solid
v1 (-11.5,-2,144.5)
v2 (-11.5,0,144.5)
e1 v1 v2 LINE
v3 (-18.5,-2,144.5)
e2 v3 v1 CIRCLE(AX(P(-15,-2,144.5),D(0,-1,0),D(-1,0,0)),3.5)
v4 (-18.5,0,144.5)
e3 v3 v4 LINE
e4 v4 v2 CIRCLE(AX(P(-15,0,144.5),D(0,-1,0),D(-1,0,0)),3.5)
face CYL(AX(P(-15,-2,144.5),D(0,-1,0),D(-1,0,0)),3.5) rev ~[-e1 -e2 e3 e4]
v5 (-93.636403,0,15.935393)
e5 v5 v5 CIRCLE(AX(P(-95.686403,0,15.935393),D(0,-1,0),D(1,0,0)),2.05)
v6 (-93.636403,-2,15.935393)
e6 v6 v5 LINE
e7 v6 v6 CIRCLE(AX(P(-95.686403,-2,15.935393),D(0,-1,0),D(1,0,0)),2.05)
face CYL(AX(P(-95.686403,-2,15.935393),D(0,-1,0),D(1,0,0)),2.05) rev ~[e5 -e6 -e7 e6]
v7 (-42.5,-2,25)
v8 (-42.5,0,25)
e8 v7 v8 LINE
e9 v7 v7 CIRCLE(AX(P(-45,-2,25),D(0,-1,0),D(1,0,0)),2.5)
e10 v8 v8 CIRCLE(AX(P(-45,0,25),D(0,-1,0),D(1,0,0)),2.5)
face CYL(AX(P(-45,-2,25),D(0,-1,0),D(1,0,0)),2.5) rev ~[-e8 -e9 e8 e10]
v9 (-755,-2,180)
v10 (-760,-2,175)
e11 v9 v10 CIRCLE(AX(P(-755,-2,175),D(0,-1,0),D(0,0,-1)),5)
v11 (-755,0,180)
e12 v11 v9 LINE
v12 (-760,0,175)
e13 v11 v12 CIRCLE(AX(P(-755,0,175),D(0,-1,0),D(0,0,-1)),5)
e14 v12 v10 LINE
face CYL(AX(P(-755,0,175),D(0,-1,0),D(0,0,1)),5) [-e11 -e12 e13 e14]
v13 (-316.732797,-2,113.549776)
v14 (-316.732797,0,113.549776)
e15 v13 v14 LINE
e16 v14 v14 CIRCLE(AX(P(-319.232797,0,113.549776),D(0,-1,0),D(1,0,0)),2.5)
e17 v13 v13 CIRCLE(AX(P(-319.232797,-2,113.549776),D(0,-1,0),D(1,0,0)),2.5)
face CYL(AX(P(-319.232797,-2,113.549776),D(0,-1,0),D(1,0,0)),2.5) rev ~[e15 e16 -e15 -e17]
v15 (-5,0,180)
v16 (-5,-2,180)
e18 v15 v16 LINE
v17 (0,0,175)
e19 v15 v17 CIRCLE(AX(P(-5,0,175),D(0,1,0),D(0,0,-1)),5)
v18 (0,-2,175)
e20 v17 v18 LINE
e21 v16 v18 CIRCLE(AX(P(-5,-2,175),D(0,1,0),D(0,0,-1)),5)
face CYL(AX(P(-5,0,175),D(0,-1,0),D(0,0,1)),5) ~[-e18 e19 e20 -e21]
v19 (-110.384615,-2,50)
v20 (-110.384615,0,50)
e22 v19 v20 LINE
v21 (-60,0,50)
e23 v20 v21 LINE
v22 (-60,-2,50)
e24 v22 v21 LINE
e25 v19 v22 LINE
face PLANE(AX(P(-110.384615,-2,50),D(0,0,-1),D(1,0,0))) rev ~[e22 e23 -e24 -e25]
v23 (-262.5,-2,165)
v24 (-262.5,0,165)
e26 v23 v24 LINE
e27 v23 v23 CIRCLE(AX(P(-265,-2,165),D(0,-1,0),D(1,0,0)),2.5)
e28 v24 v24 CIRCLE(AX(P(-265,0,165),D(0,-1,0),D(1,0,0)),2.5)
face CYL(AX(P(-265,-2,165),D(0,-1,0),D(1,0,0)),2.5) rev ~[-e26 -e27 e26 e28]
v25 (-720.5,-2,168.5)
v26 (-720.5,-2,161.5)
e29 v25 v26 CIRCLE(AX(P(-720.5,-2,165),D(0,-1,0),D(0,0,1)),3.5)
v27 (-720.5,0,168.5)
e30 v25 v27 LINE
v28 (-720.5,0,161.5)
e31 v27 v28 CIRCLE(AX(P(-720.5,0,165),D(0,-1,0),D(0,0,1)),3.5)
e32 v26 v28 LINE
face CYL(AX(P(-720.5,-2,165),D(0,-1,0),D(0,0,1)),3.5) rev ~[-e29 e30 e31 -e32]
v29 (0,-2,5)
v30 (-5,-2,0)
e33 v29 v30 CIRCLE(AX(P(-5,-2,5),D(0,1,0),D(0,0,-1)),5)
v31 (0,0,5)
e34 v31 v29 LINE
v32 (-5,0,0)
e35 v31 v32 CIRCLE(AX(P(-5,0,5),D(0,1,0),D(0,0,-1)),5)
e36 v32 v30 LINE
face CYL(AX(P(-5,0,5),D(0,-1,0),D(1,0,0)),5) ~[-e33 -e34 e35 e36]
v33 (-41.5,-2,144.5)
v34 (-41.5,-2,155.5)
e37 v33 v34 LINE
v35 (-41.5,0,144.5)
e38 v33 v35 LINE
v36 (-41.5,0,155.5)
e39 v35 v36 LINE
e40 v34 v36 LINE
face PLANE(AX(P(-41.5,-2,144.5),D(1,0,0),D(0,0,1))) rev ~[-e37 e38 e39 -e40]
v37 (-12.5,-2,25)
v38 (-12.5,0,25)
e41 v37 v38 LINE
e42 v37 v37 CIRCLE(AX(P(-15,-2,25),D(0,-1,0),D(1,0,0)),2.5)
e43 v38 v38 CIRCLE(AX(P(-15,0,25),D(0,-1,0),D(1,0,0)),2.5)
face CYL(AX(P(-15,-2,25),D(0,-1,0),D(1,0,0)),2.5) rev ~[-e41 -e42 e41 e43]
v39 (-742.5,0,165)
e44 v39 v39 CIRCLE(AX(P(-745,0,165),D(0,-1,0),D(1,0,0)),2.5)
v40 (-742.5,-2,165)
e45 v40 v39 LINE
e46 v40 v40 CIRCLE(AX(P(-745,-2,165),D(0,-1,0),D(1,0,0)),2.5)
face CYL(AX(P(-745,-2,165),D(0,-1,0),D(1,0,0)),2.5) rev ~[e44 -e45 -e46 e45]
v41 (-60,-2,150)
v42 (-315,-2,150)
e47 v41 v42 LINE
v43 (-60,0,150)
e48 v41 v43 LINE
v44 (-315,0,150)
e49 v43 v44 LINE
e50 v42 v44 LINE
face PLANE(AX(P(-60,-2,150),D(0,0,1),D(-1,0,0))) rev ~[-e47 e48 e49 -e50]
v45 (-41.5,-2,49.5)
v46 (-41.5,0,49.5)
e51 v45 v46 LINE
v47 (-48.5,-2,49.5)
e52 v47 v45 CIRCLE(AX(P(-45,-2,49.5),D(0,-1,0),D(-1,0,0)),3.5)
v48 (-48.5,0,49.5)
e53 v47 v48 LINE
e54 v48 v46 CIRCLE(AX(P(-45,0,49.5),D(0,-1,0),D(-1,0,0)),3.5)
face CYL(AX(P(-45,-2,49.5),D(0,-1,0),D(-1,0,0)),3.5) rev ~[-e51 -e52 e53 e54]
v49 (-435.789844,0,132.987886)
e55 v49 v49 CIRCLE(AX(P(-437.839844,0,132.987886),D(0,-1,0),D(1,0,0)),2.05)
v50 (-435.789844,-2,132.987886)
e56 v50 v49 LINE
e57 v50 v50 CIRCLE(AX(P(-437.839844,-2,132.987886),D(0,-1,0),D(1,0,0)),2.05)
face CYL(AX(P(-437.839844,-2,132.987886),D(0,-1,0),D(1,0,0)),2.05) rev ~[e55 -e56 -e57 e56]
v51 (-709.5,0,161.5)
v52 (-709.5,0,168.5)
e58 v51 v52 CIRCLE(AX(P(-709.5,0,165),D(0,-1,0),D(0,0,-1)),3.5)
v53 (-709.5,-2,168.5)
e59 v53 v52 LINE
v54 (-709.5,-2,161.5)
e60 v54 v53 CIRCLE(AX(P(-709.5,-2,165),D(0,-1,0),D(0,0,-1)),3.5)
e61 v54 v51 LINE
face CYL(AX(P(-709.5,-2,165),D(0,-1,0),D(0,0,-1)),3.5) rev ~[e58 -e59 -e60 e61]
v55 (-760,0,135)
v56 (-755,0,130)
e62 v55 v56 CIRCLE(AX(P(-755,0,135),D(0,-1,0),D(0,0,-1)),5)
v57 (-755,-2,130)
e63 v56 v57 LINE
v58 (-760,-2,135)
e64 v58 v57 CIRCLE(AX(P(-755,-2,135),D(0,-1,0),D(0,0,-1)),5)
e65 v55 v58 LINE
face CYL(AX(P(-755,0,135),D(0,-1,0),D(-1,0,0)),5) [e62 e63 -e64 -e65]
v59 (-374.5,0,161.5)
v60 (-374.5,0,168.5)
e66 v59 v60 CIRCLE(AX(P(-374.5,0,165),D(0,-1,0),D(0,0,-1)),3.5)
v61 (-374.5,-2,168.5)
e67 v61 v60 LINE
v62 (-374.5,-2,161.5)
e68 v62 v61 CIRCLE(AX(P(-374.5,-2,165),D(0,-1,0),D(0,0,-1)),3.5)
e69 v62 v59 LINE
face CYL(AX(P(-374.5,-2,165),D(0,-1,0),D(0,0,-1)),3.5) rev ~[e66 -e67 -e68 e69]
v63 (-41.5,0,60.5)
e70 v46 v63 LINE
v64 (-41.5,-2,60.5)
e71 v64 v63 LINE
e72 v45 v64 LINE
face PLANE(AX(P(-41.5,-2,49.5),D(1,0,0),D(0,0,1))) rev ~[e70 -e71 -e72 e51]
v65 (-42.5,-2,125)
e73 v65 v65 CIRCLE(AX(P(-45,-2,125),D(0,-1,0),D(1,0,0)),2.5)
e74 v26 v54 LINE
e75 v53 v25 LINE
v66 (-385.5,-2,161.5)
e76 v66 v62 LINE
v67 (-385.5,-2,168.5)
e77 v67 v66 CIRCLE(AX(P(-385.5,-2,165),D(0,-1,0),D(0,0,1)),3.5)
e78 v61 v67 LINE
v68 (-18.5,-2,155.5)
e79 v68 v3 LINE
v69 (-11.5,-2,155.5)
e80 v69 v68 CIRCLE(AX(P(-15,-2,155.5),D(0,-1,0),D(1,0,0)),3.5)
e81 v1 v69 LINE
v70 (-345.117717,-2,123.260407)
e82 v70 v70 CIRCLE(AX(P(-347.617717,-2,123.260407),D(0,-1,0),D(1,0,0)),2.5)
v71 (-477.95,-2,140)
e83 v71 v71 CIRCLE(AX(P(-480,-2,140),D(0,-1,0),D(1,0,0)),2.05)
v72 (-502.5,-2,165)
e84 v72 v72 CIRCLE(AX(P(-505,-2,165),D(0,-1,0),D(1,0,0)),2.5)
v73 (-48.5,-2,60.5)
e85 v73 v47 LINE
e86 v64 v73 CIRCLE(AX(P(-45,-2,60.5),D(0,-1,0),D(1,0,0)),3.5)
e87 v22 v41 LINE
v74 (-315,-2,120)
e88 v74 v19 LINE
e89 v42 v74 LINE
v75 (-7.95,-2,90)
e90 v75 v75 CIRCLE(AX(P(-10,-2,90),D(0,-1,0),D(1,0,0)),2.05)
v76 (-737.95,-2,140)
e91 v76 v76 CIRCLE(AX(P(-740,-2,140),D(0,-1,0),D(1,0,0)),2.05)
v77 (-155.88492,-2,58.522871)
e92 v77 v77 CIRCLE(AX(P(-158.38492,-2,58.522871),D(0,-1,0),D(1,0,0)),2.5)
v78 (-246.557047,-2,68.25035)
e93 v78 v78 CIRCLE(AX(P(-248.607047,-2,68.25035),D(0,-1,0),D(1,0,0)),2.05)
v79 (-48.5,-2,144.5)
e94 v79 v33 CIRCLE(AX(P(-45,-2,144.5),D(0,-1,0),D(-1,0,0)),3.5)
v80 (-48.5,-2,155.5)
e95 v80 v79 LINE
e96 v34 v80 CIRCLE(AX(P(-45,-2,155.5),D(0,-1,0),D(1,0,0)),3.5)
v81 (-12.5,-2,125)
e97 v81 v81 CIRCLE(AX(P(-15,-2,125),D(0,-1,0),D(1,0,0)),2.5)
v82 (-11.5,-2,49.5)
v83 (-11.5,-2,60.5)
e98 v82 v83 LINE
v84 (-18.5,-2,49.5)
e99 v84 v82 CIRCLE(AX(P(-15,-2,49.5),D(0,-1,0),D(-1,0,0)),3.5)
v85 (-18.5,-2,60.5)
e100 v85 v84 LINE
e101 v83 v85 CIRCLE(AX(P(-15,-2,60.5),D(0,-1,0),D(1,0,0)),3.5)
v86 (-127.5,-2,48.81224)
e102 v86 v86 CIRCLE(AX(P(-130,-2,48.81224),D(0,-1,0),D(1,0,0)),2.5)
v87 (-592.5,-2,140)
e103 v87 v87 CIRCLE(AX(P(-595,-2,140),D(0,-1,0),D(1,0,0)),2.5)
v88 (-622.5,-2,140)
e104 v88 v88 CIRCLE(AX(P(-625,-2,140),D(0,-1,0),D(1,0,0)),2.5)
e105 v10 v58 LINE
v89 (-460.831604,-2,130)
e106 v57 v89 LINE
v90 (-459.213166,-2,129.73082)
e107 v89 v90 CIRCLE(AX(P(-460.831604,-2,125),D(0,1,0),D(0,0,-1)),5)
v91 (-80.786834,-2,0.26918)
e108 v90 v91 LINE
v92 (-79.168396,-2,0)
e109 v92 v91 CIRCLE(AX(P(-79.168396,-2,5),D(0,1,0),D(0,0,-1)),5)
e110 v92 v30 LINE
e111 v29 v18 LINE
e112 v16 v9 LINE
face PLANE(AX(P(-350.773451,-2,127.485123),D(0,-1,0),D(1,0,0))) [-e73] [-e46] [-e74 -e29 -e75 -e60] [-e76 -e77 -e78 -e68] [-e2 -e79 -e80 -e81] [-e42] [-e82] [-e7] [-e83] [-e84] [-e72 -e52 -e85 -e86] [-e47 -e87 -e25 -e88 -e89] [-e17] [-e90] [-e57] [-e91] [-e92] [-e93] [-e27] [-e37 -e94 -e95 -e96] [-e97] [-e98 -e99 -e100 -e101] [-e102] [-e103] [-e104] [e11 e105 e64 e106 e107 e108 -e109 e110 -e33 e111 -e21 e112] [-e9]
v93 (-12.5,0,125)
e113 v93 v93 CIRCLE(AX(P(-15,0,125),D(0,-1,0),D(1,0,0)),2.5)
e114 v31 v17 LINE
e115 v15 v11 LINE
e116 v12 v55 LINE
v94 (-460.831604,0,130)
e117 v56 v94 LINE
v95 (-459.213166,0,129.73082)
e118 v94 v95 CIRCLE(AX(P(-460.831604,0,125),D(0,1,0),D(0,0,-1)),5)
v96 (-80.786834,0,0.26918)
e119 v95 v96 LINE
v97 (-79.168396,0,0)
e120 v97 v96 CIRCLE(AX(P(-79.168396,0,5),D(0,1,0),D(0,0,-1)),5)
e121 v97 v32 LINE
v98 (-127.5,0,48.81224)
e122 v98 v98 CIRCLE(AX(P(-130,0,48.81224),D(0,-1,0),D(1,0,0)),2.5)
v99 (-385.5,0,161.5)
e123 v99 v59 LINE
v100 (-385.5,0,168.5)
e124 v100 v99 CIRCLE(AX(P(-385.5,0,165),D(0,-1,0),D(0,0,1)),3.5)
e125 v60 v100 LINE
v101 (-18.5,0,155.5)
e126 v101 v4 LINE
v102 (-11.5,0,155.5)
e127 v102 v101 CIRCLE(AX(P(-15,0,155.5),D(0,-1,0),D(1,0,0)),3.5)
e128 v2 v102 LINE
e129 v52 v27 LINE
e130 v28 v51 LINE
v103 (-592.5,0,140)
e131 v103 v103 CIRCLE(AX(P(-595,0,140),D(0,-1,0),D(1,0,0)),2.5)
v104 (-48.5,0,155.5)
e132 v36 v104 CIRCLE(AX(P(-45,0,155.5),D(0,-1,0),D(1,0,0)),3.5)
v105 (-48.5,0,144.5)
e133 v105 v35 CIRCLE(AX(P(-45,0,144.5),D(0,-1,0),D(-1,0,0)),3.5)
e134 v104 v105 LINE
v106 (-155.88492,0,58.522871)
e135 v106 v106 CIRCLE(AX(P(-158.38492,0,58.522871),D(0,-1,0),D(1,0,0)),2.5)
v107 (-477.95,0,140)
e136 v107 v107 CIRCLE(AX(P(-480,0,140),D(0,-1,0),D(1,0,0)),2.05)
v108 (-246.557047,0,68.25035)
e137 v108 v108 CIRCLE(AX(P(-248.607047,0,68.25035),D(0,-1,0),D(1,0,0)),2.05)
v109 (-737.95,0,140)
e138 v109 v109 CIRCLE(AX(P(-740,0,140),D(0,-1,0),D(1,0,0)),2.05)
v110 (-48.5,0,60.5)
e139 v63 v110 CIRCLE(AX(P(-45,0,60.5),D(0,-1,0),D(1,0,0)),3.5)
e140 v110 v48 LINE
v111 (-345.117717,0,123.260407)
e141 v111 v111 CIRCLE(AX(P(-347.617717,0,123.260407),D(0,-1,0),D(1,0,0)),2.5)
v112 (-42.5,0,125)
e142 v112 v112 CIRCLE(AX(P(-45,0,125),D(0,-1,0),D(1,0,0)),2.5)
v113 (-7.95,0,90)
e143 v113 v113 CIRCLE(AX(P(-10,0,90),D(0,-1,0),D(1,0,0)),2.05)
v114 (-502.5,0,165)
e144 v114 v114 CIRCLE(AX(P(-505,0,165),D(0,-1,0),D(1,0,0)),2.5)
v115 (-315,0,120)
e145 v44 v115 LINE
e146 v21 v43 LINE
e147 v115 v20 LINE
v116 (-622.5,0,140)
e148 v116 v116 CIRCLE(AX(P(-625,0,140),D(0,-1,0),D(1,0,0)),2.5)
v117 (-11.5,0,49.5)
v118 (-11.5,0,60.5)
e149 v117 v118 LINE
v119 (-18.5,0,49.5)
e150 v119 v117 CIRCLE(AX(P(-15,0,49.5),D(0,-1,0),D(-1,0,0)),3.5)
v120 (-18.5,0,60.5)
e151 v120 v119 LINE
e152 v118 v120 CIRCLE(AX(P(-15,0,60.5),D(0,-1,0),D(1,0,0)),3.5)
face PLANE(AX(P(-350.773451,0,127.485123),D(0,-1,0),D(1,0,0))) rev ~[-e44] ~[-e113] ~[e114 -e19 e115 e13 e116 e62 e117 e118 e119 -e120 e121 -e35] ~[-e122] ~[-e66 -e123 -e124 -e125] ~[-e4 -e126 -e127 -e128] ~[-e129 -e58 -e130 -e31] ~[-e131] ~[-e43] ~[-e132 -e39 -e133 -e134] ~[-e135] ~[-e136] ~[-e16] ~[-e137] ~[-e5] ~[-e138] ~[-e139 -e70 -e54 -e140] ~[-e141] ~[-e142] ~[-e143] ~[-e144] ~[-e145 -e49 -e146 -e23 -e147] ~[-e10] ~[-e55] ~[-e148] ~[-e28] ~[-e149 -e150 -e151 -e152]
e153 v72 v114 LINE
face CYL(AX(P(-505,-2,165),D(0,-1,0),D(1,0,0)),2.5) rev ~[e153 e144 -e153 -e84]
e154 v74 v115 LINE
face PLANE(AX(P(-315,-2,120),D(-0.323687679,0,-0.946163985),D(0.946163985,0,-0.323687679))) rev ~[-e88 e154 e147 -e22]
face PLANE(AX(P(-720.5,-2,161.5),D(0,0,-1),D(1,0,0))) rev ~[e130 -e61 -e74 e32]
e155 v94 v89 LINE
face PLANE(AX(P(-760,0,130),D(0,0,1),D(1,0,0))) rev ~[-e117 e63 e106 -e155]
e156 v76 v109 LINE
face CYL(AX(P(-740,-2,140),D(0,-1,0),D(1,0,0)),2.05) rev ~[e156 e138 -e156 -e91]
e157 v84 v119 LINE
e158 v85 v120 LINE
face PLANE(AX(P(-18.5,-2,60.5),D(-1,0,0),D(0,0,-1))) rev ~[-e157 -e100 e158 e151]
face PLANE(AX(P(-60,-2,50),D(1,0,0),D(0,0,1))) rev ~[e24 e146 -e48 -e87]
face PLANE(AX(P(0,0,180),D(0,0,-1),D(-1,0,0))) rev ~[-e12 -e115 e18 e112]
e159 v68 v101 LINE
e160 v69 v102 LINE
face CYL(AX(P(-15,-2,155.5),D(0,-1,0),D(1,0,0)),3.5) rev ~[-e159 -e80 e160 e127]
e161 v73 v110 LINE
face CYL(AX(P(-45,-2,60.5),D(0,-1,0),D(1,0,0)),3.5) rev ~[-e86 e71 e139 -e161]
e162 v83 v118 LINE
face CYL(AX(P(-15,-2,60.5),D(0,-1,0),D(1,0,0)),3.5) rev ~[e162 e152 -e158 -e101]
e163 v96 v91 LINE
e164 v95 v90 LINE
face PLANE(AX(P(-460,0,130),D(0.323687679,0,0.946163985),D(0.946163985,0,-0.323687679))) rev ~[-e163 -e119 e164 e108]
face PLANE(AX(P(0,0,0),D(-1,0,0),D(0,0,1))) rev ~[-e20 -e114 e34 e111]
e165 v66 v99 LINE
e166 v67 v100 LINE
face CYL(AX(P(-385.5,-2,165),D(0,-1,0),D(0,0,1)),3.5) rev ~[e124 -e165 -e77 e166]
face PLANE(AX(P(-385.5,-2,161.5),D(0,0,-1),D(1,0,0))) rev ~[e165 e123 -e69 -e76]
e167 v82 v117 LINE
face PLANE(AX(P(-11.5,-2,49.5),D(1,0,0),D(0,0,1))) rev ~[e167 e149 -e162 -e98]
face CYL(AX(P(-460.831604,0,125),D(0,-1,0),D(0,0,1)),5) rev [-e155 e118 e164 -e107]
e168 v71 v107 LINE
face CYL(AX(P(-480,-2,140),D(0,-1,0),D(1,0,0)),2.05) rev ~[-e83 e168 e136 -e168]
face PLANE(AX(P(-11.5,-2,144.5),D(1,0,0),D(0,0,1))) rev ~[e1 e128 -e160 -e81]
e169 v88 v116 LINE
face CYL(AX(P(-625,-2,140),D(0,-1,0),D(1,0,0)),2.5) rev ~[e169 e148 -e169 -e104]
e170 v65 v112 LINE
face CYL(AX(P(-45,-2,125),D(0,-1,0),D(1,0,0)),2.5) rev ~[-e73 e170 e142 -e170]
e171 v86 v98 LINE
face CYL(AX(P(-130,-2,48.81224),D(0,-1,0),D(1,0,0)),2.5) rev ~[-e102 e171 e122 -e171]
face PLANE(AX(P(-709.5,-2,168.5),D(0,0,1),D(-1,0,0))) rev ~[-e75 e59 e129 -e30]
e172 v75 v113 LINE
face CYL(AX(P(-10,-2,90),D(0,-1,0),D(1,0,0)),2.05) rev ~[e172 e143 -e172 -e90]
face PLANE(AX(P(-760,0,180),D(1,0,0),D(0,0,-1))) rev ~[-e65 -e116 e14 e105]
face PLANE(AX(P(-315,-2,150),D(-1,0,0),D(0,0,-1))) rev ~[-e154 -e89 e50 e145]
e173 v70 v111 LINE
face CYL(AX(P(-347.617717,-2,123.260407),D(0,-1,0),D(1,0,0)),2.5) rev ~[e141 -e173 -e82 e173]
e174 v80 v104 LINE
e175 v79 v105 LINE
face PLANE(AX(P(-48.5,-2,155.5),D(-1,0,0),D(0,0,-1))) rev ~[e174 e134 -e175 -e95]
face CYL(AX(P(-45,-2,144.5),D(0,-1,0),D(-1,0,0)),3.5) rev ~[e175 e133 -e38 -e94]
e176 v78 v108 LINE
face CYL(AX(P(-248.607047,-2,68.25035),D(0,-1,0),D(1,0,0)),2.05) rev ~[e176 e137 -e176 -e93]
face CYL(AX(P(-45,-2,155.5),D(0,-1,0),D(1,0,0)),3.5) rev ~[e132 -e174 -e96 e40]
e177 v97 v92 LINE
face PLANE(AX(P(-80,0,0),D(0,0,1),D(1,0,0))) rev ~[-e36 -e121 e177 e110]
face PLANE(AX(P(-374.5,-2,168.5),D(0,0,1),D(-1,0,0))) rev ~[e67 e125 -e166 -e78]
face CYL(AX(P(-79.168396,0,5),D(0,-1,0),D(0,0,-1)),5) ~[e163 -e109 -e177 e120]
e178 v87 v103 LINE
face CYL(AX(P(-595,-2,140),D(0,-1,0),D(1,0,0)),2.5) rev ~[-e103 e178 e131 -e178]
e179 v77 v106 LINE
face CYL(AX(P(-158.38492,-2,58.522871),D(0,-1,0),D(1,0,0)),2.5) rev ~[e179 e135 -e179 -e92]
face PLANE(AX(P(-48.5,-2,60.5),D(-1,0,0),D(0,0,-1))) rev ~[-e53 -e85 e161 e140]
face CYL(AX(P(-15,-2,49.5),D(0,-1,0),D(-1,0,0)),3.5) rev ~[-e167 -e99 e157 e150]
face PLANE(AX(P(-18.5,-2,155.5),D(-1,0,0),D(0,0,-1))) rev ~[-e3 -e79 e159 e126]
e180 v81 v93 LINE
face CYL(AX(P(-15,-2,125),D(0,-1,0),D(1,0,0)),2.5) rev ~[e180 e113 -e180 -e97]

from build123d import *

# Parameters (mm, degrees)
F1_DEPTH = 2
F2_R     = 2.5
F2_R_2   = 2.05
F3_DEPTH = 25
F4_R     = 5
F6_DEPTH = 25


with BuildPart() as f1:
    # F0 (on Front) → F1 (new body)
    with BuildSketch(Plane.XZ):
        Polygon((0, 180), (-760, 180), (-760, 130), (-460, 130), (-80, 0), (0, 0), align=None)
    extrude(amount=F1_DEPTH)

    # F2 (on face) → F3 (cut)
    with BuildSketch(Plane.XZ.offset(2)):
        with Locations((-15, 25)):
            Circle(F2_R)
        with Locations((-45, 25)):
            Circle(F2_R)
        with Locations((-265, 165)):
            Circle(F2_R)
        with Locations((-505, 165)):
            Circle(F2_R)
        with Locations((-745, 165)):
            Circle(F2_R)
        with Locations((-347.617717, 123.260407)):
            Circle(F2_R)
        with Locations((-319.232797, 113.549776)):
            Circle(F2_R)
        with Locations((-158.38492, 58.522871)):
            Circle(F2_R)
        with Locations((-130, 48.81224)):
            Circle(F2_R)
        with Locations((-625, 140)):
            Circle(F2_R)
        with Locations((-595, 140)):
            Circle(F2_R)
        with Locations((-15, 125)):
            Circle(F2_R)
        with Locations((-45, 125)):
            Circle(F2_R)
        with Locations((-740, 140)):
            Circle(F2_R_2)
        with Locations((-480, 140)):
            Circle(F2_R_2)
        with Locations((-437.839844, 132.987886)):
            Circle(F2_R_2)
        with Locations((-248.607047, 68.25035)):
            Circle(F2_R_2)
        with Locations((-95.686403, 15.935393)):
            Circle(F2_R_2)
        with Locations((-10, 90)):
            Circle(F2_R_2)
        with BuildLine():
            Line((-720.5, 161.5), (-709.5, 161.5))
            ThreePointArc((-709.5, 161.5), (-706, 165), (-709.5, 168.5))
            Line((-709.5, 168.5), (-720.5, 168.5))
            ThreePointArc((-720.5, 168.5), (-724, 165), (-720.5, 161.5))
        make_face()
        with BuildLine():
            Line((-41.5, 144.5), (-41.5, 155.5))
            ThreePointArc((-41.5, 155.5), (-45, 159), (-48.5, 155.5))
            Line((-48.5, 155.5), (-48.5, 144.5))
            ThreePointArc((-48.5, 144.5), (-45, 141), (-41.5, 144.5))
        make_face()
        with BuildLine():
            Line((-385.5, 161.5), (-374.5, 161.5))
            ThreePointArc((-374.5, 161.5), (-371, 165), (-374.5, 168.5))
            Line((-374.5, 168.5), (-385.5, 168.5))
            ThreePointArc((-385.5, 168.5), (-389, 165), (-385.5, 161.5))
        make_face()
        with BuildLine():
            Line((-11.5, 144.5), (-11.5, 155.5))
            ThreePointArc((-11.5, 155.5), (-15, 159), (-18.5, 155.5))
            Line((-18.5, 155.5), (-18.5, 144.5))
            ThreePointArc((-18.5, 144.5), (-15, 141), (-11.5, 144.5))
        make_face()
        with BuildLine():
            Line((-41.5, 49.5), (-41.5, 60.5))
            ThreePointArc((-41.5, 60.5), (-45, 64), (-48.5, 60.5))
            Line((-48.5, 60.5), (-48.5, 49.5))
            ThreePointArc((-48.5, 49.5), (-45, 46), (-41.5, 49.5))
        make_face()
        with BuildLine():
            Line((-11.5, 49.5), (-11.5, 60.5))
            ThreePointArc((-11.5, 60.5), (-15, 64), (-18.5, 60.5))
            Line((-18.5, 60.5), (-18.5, 49.5))
            ThreePointArc((-18.5, 49.5), (-15, 46), (-11.5, 49.5))
        make_face()
    extrude(amount=-F3_DEPTH, mode=Mode.SUBTRACT)

    # F4
    f4_edges = [f1.edges().sort_by_distance(p)[0] for p in [
        (-760, -1, 180),
        (-760, -1, 130),
        (-460, -1, 130),
        (-80, -1, 0),
        (0, -1, 0),
        (0, -1, 180),
    ]]
    fillet(f4_edges, radius=F4_R)

    # F5 (on face) → F6 (cut)
    with BuildSketch(Plane.XZ.offset(2)):
        Polygon((-60, 150), (-315, 150), (-315, 120), (-110.384615, 50), (-60, 50), align=None)
    extrude(amount=-F6_DEPTH, mode=Mode.SUBTRACT)


solid = f1.part
